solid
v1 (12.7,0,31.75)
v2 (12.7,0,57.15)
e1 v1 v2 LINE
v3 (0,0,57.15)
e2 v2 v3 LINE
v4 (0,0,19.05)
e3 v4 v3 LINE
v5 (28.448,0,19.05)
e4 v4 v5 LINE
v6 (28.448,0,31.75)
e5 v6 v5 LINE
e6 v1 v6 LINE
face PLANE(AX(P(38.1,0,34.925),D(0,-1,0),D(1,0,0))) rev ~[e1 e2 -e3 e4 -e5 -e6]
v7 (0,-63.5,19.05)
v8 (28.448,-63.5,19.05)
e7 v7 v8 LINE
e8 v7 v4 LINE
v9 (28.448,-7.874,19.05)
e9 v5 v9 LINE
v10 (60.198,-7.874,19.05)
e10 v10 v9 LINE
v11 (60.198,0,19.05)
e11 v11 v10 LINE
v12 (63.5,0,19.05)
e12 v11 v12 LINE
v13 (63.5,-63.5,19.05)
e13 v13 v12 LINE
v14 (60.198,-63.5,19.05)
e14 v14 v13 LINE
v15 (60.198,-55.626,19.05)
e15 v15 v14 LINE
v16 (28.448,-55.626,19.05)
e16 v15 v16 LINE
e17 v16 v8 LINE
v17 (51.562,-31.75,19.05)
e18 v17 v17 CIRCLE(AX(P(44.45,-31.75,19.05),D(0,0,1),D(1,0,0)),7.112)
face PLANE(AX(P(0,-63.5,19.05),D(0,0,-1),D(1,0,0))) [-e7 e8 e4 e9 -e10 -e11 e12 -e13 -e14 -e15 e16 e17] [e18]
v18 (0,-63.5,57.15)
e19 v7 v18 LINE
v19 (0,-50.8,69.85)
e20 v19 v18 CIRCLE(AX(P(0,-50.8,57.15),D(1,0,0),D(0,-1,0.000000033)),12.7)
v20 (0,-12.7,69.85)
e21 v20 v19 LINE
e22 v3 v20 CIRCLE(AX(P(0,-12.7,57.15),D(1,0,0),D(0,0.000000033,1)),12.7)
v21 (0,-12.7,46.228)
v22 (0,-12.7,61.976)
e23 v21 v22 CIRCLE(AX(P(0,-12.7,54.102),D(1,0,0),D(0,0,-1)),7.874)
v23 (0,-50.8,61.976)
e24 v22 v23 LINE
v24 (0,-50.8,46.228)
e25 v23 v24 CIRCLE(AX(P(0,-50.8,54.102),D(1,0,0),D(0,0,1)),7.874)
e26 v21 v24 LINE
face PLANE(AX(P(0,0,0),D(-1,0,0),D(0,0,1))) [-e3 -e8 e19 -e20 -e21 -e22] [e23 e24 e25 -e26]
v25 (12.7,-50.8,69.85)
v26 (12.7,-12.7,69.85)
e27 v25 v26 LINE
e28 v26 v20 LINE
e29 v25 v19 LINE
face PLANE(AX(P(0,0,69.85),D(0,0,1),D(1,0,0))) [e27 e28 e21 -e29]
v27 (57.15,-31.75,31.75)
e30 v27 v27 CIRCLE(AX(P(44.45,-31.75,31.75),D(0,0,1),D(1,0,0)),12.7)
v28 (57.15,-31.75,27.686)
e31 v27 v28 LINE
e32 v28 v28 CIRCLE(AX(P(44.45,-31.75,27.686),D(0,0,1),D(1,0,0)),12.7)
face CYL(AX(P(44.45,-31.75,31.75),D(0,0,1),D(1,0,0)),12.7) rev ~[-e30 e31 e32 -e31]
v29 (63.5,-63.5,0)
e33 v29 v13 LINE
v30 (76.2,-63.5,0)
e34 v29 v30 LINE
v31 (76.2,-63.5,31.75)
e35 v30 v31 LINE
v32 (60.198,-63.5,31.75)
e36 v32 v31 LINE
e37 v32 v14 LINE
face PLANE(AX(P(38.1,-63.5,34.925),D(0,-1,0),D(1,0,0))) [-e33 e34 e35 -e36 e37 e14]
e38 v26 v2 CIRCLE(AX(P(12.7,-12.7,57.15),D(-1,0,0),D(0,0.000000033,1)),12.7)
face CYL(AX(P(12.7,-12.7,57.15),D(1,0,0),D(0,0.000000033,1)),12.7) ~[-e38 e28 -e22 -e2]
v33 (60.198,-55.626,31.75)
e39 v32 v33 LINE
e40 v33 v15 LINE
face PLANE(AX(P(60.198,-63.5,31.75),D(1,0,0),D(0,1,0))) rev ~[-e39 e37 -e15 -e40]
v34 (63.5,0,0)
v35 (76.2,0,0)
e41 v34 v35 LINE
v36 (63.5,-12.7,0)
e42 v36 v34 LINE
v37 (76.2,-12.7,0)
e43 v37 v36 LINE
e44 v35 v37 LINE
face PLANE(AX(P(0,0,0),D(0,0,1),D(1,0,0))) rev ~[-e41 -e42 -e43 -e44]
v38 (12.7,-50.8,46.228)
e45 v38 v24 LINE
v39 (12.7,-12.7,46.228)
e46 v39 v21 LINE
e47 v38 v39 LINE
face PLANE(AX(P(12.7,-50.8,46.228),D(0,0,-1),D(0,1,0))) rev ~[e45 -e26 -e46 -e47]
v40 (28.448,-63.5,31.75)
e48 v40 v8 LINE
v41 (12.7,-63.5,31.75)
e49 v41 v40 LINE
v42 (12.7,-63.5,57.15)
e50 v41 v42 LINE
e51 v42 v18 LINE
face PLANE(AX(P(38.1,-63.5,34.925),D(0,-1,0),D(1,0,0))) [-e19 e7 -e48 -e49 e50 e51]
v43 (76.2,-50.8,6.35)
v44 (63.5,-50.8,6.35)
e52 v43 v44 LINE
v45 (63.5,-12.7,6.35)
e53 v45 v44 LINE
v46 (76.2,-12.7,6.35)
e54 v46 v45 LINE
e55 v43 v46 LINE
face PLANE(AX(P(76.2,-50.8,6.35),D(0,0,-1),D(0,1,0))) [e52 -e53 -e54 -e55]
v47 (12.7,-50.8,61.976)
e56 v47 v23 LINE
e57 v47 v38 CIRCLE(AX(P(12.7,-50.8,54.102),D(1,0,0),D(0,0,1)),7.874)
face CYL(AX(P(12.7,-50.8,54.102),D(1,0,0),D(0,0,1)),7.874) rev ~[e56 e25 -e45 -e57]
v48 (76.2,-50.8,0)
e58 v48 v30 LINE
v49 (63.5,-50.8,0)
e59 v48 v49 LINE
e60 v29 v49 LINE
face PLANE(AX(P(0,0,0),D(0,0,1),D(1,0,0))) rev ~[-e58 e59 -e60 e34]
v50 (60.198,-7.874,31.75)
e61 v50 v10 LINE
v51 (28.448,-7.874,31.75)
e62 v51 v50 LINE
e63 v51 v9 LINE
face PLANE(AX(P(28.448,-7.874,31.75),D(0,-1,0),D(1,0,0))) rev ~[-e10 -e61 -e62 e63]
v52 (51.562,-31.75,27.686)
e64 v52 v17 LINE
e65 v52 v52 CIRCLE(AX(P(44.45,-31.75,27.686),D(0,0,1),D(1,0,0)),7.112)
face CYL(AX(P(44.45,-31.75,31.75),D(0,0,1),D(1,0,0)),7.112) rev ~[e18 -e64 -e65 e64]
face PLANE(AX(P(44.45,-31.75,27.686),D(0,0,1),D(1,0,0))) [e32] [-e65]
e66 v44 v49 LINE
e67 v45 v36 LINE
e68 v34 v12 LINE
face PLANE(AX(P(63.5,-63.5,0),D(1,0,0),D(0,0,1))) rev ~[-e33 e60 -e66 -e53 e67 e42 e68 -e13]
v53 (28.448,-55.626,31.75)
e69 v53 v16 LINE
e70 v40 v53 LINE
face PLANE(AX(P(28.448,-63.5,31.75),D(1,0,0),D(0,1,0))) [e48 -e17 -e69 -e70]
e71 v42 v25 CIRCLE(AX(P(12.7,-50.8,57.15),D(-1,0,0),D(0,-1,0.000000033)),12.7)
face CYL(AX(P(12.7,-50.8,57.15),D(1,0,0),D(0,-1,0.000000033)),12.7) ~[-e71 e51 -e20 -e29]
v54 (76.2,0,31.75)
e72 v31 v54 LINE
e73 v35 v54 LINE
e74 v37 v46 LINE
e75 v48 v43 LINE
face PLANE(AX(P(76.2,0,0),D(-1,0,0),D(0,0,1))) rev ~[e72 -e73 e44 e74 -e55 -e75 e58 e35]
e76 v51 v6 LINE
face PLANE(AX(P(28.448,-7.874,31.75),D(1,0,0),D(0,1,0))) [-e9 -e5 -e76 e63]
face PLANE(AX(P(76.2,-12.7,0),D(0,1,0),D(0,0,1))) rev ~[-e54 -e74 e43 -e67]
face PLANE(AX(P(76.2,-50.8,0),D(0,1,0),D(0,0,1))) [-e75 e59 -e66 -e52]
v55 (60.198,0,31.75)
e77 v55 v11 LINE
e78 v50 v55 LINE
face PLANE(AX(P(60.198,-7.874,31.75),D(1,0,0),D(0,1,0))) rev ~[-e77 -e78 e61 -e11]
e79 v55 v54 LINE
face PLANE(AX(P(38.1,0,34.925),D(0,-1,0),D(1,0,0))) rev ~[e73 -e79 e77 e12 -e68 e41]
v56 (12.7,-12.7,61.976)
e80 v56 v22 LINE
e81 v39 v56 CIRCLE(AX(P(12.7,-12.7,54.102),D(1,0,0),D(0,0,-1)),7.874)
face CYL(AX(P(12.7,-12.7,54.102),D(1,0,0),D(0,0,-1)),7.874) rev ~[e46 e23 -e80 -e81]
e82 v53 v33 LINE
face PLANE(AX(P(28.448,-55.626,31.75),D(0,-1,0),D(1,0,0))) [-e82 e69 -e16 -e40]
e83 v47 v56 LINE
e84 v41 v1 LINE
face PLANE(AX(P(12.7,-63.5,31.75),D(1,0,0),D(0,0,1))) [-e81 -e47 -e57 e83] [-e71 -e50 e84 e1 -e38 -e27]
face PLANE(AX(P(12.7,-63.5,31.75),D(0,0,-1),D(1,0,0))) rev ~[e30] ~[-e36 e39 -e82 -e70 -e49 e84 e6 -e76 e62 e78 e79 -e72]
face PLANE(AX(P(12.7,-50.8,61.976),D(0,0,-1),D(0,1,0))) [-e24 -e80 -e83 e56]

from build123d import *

# Parameters (mm, degrees)
F0_W       = 76.2
F0_H       = 69.85
F1_DEPTH   = 63.5
F2_W       = 38.1
F2_H       = 6.35
F3_DEPTH   = 76.201
F4_W       = 63.5
F4_H       = 19.05
F5_DEPTH   = 63.501
F6_W       = 63.5
F6_H       = 38.1
F7_DEPTH   = 63.501
F8_W       = 31.75
F8_H       = 7.874
F9_DEPTH   = 25.4
F11_DEPTH  = 25.4
F12_W      = 38.1
F12_H      = 15.748
F13_DEPTH  = 12.701
F14_R      = 12.7
F14_R_2    = 7.112
F15_DEPTH  = 4.064
F15_FACE_R = 7.112
F16_DEPTH  = 31.751


with BuildPart() as f1:
    # F0 (on Front) → F1 (new body)
    with BuildSketch(Plane.XZ):
        with Locations((38.1, 34.925)):
            Rectangle(F0_W, F0_H)
    extrude(amount=F1_DEPTH)

    # F2 (on face) → F3 (cut, through all)
    with BuildSketch(Plane.YZ.offset(76.2)):
        with Locations((-31.75, 3.175)):
            Rectangle(F2_W, F2_H)
    extrude(amount=-F3_DEPTH, mode=Mode.SUBTRACT)

    # F4 (on face) → F5 (cut, through all)
    with BuildSketch(Plane.XZ.offset(63.5)):
        with Locations((31.75, 9.525)):
            Rectangle(F4_W, F4_H)
    extrude(amount=-F5_DEPTH, mode=Mode.SUBTRACT)

    # F6 (on face) → F7 (cut, through all)
    with BuildSketch(Plane.XZ.offset(63.5)):
        with Locations((44.45, 50.8)):
            Rectangle(F6_W, F6_H)
    extrude(amount=-F7_DEPTH, mode=Mode.SUBTRACT)

    # F8 (on face) → F9 (cut)
    with BuildSketch(Plane.XY.offset(31.75)):
        with Locations((44.323, -59.563)):
            Rectangle(F8_W, F8_H)
        with Locations((44.323, -3.937)):
            Rectangle(F8_W, F8_H)
    extrude(amount=-F9_DEPTH, mode=Mode.SUBTRACT)

    # F10 (on face) → F11 (cut)
    with BuildSketch(Plane.YZ.offset(12.7)):
        with BuildLine():
            ThreePointArc((-63.5, 57.15), (-59.780256, 66.130256), (-50.8, 69.85))
            Line((-50.8, 69.85), (-63.5, 69.85))
            Line((-63.5, 69.85), (-63.5, 57.15))
        make_face()
        with BuildLine():
            Line((0, 69.85), (-12.7, 69.85))
            ThreePointArc((-12.7, 69.85), (-3.719744, 66.130256), (0, 57.15))
            Line((0, 57.15), (0, 69.85))
        make_face()
    extrude(amount=-F11_DEPTH, mode=Mode.SUBTRACT)

    # F12 (on face) → F13 (cut, through all)
    with BuildSketch(Plane.YZ.offset(12.7)):
        with Locations((-31.75, 54.102)):
            Rectangle(F12_W, F12_H)
        with BuildLine():
            Line((-50.8, 46.228), (-50.8, 61.976))
            ThreePointArc((-50.8, 61.976), (-58.674, 54.102), (-50.8, 46.228))
        make_face()
        with BuildLine():
            ThreePointArc((-12.7, 46.228), (-4.826, 54.102), (-12.7, 61.976))
            Line((-12.7, 61.976), (-12.7, 46.228))
        make_face()
    extrude(amount=-F13_DEPTH, mode=Mode.SUBTRACT)

    # F14 (on face) → F15 (cut)
    with BuildSketch(Plane.XY.offset(31.75)):
        with Locations((44.45, -31.75)):
            Circle(F14_R)
        with Locations((44.45, -31.75)):
            Circle(F14_R_2, mode=Mode.SUBTRACT)
    extrude(amount=-F15_DEPTH, mode=Mode.SUBTRACT)

    # F15_face (on face) → F16 (cut, through all)
    with BuildSketch(Plane(origin=(44.45, -31.75, 31.75), x_dir=(1, 0, 0), z_dir=(0, 0, 1))):
        Circle(F15_FACE_R)
    extrude(amount=-F16_DEPTH, mode=Mode.SUBTRACT)


solid = f1.part
